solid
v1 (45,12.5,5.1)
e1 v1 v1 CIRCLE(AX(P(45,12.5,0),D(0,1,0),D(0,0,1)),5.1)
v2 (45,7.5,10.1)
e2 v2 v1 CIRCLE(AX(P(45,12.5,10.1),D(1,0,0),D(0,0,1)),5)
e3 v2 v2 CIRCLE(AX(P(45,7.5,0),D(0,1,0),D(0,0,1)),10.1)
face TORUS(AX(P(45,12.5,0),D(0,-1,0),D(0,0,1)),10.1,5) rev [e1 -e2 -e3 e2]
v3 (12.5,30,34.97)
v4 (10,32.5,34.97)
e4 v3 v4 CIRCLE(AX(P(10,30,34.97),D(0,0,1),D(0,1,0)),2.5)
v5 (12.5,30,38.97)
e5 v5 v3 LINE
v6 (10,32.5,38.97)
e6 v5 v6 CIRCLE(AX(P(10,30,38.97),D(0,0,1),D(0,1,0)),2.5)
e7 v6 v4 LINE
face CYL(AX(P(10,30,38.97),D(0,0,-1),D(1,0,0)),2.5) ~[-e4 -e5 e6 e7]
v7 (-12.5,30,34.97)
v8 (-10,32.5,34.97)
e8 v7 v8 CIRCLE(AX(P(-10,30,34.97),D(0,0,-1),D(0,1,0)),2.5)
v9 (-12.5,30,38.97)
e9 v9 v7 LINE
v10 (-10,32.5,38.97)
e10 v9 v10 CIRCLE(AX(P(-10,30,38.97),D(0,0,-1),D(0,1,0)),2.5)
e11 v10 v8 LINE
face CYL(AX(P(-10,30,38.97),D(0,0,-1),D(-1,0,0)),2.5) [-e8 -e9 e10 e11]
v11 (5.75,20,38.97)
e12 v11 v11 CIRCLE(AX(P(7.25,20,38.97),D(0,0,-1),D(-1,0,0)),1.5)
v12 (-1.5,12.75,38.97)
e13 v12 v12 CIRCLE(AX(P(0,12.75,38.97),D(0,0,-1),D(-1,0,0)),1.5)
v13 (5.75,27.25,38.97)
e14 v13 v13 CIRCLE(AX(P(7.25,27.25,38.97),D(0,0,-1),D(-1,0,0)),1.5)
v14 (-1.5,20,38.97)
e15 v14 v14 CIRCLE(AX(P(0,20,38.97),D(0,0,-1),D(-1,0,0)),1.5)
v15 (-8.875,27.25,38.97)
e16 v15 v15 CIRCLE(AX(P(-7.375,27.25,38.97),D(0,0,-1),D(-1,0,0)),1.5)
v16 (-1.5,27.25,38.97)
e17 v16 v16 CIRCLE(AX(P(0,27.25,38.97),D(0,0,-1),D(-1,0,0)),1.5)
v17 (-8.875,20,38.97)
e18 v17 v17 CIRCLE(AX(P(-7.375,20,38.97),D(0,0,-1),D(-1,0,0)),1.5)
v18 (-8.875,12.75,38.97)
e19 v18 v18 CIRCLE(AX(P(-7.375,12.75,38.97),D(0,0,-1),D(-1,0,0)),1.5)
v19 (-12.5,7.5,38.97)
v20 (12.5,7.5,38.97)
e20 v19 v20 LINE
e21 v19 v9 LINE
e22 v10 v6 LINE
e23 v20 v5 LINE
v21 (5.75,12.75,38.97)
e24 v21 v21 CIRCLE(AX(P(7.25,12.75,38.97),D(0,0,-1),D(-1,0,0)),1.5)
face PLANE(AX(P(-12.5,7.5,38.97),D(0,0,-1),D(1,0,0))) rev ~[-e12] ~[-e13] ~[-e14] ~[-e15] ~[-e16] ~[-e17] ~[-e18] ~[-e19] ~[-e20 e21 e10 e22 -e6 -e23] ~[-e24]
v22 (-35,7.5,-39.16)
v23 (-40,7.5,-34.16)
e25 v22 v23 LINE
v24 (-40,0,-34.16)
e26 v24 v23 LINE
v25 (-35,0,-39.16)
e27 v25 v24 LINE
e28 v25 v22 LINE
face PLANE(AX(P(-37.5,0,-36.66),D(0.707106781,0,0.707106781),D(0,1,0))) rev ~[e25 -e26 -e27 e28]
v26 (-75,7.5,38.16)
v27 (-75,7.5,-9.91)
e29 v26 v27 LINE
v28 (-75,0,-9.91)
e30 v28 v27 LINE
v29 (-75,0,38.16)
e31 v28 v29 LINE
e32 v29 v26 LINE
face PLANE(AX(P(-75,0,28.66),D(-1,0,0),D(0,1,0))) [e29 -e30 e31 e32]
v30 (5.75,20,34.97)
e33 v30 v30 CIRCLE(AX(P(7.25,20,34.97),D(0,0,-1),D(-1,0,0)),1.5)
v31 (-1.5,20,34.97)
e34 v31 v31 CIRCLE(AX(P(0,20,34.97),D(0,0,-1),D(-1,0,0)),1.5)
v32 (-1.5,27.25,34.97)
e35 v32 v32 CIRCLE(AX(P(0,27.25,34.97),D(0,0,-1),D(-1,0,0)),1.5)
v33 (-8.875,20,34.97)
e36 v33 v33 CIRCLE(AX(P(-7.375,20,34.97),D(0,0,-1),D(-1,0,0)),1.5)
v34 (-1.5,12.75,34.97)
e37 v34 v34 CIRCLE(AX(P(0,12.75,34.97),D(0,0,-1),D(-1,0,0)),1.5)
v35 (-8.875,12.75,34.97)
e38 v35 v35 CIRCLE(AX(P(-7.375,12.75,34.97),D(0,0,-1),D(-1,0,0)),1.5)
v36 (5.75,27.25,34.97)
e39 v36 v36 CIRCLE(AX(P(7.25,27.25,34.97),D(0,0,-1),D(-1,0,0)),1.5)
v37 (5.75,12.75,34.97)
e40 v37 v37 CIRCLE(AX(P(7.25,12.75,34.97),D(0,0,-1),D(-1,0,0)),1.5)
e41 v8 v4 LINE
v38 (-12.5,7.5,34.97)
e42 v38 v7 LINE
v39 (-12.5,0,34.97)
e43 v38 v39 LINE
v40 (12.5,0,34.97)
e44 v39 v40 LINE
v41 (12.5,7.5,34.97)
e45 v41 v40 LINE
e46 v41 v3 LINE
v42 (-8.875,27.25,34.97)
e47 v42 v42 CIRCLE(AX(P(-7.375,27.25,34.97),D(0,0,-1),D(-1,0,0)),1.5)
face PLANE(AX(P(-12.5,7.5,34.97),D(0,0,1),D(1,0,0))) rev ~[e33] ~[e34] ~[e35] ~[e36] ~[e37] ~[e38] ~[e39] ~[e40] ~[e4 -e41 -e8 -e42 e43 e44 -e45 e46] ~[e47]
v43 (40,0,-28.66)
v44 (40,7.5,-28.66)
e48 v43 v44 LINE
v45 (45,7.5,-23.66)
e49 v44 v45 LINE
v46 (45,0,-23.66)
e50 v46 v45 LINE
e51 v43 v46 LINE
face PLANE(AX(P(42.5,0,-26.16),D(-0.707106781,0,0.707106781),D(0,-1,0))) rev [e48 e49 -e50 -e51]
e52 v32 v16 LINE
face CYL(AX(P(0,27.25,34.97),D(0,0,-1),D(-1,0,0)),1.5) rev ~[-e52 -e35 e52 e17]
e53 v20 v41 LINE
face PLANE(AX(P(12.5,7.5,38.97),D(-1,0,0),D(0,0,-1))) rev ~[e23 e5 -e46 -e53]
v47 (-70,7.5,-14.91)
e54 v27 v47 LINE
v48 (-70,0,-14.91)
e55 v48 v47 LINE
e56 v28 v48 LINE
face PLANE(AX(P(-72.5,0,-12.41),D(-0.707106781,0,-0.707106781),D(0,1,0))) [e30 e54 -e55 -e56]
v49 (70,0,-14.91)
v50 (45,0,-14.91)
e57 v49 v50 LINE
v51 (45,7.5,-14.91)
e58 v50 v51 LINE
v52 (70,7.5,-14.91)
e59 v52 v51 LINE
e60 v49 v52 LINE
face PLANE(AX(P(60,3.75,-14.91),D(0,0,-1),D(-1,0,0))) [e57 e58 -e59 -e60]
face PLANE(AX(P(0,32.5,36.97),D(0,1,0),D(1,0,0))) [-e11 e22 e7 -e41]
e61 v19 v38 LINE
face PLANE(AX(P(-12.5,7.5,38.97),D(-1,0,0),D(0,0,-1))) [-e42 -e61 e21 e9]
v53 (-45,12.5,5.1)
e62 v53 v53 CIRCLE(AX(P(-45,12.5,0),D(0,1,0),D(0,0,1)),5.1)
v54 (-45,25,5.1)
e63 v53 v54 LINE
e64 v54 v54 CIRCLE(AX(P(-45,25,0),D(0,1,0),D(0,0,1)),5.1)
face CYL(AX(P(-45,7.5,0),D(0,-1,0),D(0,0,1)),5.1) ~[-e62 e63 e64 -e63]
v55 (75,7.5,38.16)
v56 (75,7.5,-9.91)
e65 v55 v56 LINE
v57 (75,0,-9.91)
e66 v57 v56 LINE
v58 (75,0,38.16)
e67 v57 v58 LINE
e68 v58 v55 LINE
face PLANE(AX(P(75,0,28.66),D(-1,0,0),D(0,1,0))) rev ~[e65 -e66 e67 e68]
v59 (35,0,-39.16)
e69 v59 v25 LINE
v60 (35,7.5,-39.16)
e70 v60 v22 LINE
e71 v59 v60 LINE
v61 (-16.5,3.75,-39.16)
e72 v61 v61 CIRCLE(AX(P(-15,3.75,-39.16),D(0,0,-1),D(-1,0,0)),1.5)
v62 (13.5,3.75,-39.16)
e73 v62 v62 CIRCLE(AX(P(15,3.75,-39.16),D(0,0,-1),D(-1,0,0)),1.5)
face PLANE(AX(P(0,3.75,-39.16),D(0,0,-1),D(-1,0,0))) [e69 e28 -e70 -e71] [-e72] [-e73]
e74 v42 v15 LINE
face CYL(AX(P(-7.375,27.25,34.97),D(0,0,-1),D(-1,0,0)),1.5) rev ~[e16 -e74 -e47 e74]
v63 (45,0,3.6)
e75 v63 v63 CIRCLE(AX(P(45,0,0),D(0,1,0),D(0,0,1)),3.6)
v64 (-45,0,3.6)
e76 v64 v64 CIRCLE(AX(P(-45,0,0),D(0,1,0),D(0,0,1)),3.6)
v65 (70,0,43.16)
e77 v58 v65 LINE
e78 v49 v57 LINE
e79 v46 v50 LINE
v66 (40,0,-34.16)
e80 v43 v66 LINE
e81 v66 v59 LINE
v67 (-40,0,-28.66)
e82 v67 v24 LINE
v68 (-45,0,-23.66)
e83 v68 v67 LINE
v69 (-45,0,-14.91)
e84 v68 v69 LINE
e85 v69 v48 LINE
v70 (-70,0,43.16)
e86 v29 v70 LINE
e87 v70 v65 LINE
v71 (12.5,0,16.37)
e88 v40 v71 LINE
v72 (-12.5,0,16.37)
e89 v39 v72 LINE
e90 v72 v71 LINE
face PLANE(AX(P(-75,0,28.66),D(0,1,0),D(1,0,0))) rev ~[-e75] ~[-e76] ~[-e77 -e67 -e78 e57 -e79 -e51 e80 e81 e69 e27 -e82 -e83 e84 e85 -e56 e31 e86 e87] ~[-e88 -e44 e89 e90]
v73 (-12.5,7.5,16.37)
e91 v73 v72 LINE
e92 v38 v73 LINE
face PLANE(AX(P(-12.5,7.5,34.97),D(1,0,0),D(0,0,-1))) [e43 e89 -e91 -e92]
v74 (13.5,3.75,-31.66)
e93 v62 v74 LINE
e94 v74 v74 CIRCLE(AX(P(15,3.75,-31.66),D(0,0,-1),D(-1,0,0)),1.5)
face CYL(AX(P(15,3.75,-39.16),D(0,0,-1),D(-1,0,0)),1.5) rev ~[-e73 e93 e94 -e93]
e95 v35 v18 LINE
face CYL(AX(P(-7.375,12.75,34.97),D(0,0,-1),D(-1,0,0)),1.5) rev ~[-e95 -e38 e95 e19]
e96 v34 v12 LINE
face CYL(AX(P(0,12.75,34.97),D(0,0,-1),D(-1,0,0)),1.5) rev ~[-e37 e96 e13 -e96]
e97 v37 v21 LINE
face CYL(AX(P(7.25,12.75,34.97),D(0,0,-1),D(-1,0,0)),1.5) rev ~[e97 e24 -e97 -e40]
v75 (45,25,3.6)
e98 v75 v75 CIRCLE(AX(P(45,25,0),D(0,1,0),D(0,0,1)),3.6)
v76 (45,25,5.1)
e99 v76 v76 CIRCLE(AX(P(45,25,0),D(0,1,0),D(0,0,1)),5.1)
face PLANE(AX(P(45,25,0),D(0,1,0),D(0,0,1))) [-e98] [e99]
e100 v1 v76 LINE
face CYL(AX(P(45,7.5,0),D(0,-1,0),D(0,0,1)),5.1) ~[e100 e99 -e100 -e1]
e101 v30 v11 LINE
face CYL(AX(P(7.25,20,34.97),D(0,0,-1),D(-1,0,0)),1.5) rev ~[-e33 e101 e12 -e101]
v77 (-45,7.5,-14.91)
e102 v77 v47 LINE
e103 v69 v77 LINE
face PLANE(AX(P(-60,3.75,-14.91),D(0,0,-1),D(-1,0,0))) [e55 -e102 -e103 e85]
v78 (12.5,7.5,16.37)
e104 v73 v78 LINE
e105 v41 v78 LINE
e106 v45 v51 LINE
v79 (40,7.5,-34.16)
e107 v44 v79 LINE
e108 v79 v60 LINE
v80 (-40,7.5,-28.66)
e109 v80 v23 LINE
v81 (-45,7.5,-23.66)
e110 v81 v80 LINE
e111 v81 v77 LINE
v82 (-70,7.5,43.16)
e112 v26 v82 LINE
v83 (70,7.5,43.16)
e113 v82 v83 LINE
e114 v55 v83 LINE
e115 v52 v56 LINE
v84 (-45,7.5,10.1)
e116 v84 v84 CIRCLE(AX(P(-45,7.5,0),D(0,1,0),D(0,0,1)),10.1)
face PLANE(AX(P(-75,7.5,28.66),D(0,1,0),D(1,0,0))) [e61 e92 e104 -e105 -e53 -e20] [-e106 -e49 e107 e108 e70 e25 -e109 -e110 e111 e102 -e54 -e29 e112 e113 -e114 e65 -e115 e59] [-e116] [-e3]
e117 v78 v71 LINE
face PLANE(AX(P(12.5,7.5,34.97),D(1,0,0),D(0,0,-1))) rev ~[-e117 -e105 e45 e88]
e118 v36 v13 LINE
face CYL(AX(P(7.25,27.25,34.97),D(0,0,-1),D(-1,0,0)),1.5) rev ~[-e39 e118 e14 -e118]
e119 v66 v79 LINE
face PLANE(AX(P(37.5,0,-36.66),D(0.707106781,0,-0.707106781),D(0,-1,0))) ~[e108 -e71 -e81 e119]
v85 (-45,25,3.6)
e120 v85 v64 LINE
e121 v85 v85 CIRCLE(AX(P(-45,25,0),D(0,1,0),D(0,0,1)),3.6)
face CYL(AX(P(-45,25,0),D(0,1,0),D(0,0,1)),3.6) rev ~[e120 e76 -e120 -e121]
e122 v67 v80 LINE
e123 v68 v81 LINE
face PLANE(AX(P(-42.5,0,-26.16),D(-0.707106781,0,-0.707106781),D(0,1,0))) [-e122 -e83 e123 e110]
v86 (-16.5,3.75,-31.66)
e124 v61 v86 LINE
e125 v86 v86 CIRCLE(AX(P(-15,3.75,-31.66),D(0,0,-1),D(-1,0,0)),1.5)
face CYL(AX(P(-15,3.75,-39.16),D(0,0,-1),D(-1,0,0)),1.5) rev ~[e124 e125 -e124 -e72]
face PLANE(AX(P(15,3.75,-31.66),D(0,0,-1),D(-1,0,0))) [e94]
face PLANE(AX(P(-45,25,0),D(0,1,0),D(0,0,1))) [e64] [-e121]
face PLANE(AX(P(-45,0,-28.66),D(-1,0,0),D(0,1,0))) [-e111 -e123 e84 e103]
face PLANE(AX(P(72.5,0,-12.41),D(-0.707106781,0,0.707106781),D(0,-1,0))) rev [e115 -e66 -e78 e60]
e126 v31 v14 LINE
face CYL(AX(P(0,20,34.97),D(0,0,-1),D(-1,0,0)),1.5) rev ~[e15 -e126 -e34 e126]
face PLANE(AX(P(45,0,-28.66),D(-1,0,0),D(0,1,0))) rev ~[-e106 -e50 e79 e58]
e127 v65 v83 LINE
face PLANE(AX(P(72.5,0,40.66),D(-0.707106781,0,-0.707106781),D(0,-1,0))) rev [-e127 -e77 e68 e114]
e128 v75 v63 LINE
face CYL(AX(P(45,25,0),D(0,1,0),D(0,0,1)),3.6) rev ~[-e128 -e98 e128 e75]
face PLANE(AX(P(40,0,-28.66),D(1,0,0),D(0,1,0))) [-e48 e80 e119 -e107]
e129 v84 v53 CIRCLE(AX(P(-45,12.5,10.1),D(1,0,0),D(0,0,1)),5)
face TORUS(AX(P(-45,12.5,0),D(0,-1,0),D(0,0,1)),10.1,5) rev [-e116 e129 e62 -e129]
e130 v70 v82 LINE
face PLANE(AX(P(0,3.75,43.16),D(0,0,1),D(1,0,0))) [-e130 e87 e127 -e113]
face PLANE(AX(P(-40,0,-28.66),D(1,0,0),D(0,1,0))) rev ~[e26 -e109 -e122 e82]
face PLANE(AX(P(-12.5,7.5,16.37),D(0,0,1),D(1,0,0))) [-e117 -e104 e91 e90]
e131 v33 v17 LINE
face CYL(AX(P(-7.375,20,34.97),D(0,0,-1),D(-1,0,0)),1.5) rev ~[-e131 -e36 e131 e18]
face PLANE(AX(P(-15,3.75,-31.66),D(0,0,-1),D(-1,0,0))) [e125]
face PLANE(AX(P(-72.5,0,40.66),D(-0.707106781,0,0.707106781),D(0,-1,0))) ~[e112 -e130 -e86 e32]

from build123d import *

# Parameters (mm, degrees)
SKETCH1_W           = 150
SKETCH1_H           = 57.32
BOSS_EXTRUDE1_DEPTH = 7.5
SKETCH2_R           = 5.1
BOSS_EXTRUDE2_DEPTH = 17.5
FILLET1_R           = 5
SKETCH3_R           = 3.6
CUT_EXTRUDE1_DEPTH  = 25
SKETCH4_W           = 30
SKETCH4_H           = 7.5
CUT_EXTRUDE2_DEPTH  = 13.75
CHAMFER1_SIZE       = 5
SKETCH5_W           = 80
SKETCH5_H           = 7.5
BOSS_EXTRUDE3_DEPTH = 10.5
CHAMFER2_SIZE       = 5
SKETCH6_R           = 1.5
CUT_EXTRUDE3_DEPTH  = 7.5
SKETCH11_W          = 150
SKETCH11_H          = 7.5
BOSS_EXTRUDE5_DEPTH = 14.5
CHAMFER3_SIZE       = 5
SKETCH12_W          = 25
SKETCH12_H          = 4
BOSS_EXTRUDE6_DEPTH = 25
SKETCH13_W          = 25
SKETCH13_H          = 18.6
CUT_EXTRUDE4_DEPTH  = 7.5
SKETCH14_R          = 1.5
CUT_EXTRUDE5_DEPTH  = 4
FILLET2_R           = 2.5


with BuildPart() as part:
    # Sketch1 → Boss-Extrude1 (new body)
    with BuildSketch(Plane(origin=(0, 0, 0), x_dir=(1, 0, 0), z_dir=(0, 1, 0))):
        Rectangle(SKETCH1_W, SKETCH1_H)
    extrude(amount=BOSS_EXTRUDE1_DEPTH)

    # Sketch2 → Boss-Extrude2 (add)
    with BuildSketch(Plane(origin=(0, 7.5, 0), x_dir=(1, 0, 0), z_dir=(0, 1, 0))):
        with Locations(Location((-45, 0, 0), (0, 0, 270))):
            Circle(SKETCH2_R)
        with Locations(Location((45, 0, 0), (0, 0, 270))):
            Circle(SKETCH2_R)
    extrude(amount=BOSS_EXTRUDE2_DEPTH)

    # Fillet1
    fillet1_edges = [part.edges().sort_by_distance(p)[0] for p in [
        (-45, 7.5, -5.1),
        (45, 7.5, -5.1),
    ]]
    fillet(fillet1_edges, radius=FILLET1_R)

    # Sketch3 → Cut-Extrude1 (cut)
    with BuildSketch(Plane(origin=(0, 25, 0), x_dir=(1, 0, 0), z_dir=(0, 1, 0))):
        with Locations(Location((-45, 0, 0), (0, 0, 270))):
            Circle(SKETCH3_R)
        with Locations(Location((45, 0, 0), (0, 0, 270))):
            Circle(SKETCH3_R)
    extrude(amount=-CUT_EXTRUDE1_DEPTH, mode=Mode.SUBTRACT)

    # Sketch4 → Cut-Extrude2 (cut)
    with BuildSketch(Plane(origin=(0, 0, -28.66), x_dir=(-1, 0, 0), z_dir=(0, 0, -1))):
        with Locations((-60, 3.75)):
            Rectangle(SKETCH4_W, SKETCH4_H)
        with Locations((60, 3.75)):
            Rectangle(SKETCH4_W, SKETCH4_H)
    extrude(amount=-CUT_EXTRUDE2_DEPTH, mode=Mode.SUBTRACT)

    # Chamfer1
    chamfer1_edges = [part.edges().sort_by_distance(p)[0] for p in [
        (75, 3.75, -14.91),
        (45, 3.75, -28.66),
        (-75, 3.75, -14.91),
        (-45, 3.75, -28.66),
    ]]
    chamfer(chamfer1_edges, length=CHAMFER1_SIZE)

    # Sketch5 → Boss-Extrude3 (add)
    with BuildSketch(Plane(origin=(0, 0, -28.66), x_dir=(-1, 0, 0), z_dir=(0, 0, -1))):
        with Locations((0, 3.75)):
            Rectangle(SKETCH5_W, SKETCH5_H)
    extrude(amount=BOSS_EXTRUDE3_DEPTH)

    # Chamfer2
    chamfer2_edges = [part.edges().sort_by_distance(p)[0] for p in [
        (40, 3.75, -39.16),
        (-40, 3.75, -39.16),
    ]]
    chamfer(chamfer2_edges, length=CHAMFER2_SIZE)

    # Sketch6 → Cut-Extrude3 (cut)
    with BuildSketch(Plane(origin=(0, 0, -39.16), x_dir=(-1, 0, 0), z_dir=(0, 0, -1))):
        with Locations((-15, 3.75)):
            Circle(SKETCH6_R)
        with Locations((15, 3.75)):
            Circle(SKETCH6_R)
    extrude(amount=-CUT_EXTRUDE3_DEPTH, mode=Mode.SUBTRACT)

    # Sketch11 → Boss-Extrude5 (add)
    with BuildSketch(Plane.XY.offset(28.66)):
        with Locations((0, 3.75)):
            Rectangle(SKETCH11_W, SKETCH11_H)
    extrude(amount=BOSS_EXTRUDE5_DEPTH)

    # Chamfer3
    chamfer3_edges = [part.edges().sort_by_distance(p)[0] for p in [
        (-75, 3.75, 43.16),
        (75, 3.75, 43.16),
    ]]
    chamfer(chamfer3_edges, length=CHAMFER3_SIZE)

    # Sketch12 → Boss-Extrude6 (add)
    with BuildSketch(Plane(origin=(0, 7.5, 0), x_dir=(1, 0, 0), z_dir=(0, 1, 0))):
        with Locations((0, -36.97)):
            Rectangle(SKETCH12_W, SKETCH12_H)
    extrude(amount=BOSS_EXTRUDE6_DEPTH)

    # Sketch13 → Cut-Extrude4 (cut)
    with BuildSketch(Plane(origin=(0, 7.5, 0), x_dir=(1, 0, 0), z_dir=(0, 1, 0))):
        with Locations((0, -25.67)):
            Rectangle(SKETCH13_W, SKETCH13_H)
    extrude(amount=-CUT_EXTRUDE4_DEPTH, mode=Mode.SUBTRACT)

    # Sketch14 → Cut-Extrude5 (cut)
    with BuildSketch(Plane(origin=(0, 0, 34.97), x_dir=(-1, 0, 0), z_dir=(0, 0, -1))):
        with Locations((7.375, 20)):
            Circle(SKETCH14_R)
        with Locations((7.375, 27.25)):
            Circle(SKETCH14_R)
        with Locations((7.375, 12.75)):
            Circle(SKETCH14_R)
        with Locations((-7.25, 27.25)):
            Circle(SKETCH14_R)
        with Locations((0, 27.25)):
            Circle(SKETCH14_R)
        with Locations((0, 20)):
            Circle(SKETCH14_R)
        with Locations((0, 12.75)):
            Circle(SKETCH14_R)
        with Locations((-7.25, 12.75)):
            Circle(SKETCH14_R)
        with Locations((-7.25, 20)):
            Circle(SKETCH14_R)
    extrude(amount=-CUT_EXTRUDE5_DEPTH, mode=Mode.SUBTRACT)

    # Fillet2
    fillet2_edges = [part.edges().sort_by_distance(p)[0] for p in [
        (-12.5, 32.5, 36.97),
        (12.5, 32.5, 36.97),
    ]]
    fillet(fillet2_edges, radius=FILLET2_R)


solid = part.part
